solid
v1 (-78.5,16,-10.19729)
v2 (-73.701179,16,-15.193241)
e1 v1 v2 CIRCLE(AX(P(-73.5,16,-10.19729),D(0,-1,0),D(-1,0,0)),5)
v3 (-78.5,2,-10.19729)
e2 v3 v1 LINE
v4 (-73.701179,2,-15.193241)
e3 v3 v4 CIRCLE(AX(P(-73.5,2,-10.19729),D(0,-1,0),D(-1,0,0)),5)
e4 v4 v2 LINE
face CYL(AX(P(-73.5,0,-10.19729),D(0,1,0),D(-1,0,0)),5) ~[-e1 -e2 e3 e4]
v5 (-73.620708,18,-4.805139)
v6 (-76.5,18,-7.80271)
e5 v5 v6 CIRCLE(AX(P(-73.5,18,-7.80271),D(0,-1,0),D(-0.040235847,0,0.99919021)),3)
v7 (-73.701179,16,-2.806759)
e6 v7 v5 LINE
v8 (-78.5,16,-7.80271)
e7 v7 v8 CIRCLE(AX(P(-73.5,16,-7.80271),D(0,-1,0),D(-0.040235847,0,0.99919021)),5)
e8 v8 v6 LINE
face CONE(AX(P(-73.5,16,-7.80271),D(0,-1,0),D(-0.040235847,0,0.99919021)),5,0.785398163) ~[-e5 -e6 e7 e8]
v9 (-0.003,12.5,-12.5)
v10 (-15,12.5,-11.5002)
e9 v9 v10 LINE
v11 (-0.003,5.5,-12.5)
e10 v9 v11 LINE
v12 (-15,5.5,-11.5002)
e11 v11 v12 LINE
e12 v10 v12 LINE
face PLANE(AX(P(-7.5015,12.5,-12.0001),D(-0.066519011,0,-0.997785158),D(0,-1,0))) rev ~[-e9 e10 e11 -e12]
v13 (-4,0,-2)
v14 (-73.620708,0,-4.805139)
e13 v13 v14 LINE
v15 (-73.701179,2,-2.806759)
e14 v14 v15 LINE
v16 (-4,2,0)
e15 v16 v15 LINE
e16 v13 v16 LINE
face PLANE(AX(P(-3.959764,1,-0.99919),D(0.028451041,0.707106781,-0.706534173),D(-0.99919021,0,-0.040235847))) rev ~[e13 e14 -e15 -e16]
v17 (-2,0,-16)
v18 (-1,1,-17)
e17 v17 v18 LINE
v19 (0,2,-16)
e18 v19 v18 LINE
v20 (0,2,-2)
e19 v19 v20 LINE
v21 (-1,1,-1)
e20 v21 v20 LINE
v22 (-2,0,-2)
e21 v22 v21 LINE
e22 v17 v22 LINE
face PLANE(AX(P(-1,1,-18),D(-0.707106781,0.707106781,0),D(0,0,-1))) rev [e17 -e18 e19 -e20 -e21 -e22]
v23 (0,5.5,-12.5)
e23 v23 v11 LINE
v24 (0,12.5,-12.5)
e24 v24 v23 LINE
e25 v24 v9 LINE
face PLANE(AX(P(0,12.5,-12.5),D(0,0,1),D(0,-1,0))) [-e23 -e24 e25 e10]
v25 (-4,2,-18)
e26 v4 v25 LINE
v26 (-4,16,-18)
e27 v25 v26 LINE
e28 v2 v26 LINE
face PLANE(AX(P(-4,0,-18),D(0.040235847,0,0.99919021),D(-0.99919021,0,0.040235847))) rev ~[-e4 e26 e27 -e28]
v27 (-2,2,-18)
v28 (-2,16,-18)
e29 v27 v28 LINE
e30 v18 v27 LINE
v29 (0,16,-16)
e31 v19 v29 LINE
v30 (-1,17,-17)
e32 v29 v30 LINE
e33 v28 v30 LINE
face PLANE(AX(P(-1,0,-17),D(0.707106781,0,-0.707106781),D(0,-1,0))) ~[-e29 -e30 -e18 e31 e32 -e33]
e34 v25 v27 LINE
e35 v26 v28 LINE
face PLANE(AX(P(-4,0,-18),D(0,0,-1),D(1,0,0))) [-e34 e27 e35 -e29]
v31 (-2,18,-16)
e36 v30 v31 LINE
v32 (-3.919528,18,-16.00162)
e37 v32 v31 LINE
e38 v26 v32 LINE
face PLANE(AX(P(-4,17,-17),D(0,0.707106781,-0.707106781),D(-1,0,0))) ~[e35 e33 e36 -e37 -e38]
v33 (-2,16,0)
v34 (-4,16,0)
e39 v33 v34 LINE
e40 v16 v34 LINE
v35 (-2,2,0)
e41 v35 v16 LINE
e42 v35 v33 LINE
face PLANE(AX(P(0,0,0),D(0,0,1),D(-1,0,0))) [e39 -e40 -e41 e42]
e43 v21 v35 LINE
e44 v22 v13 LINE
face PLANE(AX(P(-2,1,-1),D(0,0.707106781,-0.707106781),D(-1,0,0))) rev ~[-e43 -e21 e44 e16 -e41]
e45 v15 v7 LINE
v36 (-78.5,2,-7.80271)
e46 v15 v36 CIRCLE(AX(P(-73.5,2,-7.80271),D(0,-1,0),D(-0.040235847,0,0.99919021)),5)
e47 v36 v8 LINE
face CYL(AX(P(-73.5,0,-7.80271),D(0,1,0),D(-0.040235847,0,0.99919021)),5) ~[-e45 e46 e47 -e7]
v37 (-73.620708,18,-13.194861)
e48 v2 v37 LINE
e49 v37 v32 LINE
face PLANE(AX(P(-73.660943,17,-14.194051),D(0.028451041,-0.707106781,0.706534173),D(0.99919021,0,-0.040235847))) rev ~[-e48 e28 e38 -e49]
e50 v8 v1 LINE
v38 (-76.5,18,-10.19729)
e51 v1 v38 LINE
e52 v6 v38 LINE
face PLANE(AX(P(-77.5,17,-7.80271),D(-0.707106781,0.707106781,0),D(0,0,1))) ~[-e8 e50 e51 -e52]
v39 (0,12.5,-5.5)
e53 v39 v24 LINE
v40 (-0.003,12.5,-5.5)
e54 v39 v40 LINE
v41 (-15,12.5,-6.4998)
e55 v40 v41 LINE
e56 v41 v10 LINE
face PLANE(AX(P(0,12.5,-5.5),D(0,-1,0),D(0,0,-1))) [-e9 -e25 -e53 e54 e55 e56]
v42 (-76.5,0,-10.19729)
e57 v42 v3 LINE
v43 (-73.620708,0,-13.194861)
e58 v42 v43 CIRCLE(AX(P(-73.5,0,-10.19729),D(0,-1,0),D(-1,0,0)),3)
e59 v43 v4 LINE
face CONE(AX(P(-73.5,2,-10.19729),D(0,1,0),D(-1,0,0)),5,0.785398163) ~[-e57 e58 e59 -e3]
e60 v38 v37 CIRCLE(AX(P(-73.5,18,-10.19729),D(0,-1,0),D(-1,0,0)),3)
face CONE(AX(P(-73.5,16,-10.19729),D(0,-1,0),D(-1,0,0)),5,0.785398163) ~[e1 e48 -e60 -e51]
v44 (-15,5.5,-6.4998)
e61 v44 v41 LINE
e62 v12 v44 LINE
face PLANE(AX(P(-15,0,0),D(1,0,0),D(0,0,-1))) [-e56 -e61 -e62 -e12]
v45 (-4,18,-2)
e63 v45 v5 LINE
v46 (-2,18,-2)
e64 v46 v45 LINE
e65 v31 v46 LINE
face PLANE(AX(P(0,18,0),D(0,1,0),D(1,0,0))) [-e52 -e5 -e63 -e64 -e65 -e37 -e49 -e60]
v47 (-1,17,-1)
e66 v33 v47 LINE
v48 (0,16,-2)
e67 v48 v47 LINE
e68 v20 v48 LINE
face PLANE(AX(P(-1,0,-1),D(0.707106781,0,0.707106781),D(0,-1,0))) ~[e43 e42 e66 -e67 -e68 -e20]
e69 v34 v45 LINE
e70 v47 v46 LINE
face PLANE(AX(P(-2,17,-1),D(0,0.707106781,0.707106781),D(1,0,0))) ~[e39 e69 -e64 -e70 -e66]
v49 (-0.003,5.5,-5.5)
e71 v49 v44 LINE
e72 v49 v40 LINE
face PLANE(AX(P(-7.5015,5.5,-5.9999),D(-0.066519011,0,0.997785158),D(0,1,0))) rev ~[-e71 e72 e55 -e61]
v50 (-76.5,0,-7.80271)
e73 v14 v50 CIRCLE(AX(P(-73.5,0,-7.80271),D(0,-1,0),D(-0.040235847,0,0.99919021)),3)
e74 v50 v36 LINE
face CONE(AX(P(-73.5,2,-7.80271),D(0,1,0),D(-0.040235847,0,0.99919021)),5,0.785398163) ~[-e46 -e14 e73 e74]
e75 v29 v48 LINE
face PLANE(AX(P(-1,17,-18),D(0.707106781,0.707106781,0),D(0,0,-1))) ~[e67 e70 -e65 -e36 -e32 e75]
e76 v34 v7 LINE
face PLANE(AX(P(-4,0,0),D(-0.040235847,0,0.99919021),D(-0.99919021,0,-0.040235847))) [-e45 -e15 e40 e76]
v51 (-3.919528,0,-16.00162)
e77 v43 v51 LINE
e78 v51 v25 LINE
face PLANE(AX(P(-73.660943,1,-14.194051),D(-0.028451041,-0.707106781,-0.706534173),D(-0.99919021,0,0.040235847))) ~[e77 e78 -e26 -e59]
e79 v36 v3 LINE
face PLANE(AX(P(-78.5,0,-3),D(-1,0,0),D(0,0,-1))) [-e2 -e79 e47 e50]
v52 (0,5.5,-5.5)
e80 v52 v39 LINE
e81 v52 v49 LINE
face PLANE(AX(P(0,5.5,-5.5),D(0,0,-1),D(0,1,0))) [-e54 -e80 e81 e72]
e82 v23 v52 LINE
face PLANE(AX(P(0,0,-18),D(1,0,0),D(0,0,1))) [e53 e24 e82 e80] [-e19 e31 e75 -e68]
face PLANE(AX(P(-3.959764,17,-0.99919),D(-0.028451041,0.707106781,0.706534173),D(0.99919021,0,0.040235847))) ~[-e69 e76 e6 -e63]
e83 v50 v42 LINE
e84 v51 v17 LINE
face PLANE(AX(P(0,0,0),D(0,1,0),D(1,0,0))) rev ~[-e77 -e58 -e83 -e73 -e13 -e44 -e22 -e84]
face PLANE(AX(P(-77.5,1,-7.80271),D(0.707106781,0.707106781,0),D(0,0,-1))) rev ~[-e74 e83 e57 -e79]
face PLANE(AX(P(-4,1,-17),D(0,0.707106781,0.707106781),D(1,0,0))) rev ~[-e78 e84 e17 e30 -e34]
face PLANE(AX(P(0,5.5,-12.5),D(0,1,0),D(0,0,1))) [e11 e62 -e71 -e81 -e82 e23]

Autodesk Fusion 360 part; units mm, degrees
sketch "Sketch1" plane through (0, 0, 0) normal (0, 1, 0) x (1, 0, 0)
  line L0 (0, 0) -> (-78.5, 0)
  line L1 (-78.5, 0) -> (-78.5, 18)
  line L2 (-78.5, 18) -> (0, 18)
  line L3 (0, 18) -> (0, 0)
  line L4 (-4, 18) -> (-78.5, 15)
  line L5 (-4, 0) -> (-78.5, 3)
  dimension "d1" = 78.5
  dimension "d2" = 18
  dimension "d3" = 4
  dimension "d4" = 3
  dimension "d5" = 3
extrude "Extrude1" add sketch "Sketch1" along normal blind 18 contours L0 L1 L2 L3 L4 L5
sketch "Sketch2" plane through (0, 0, 0) normal (1, 0, 0) x (0, 0, -1)
  line L0 (0, 0) -> (18, 0)
  line L1 (18, 0) -> (18, 18)
  line L2 (18, 18) -> (0, 18)
  line L3 (0, 18) -> (0, 0)
  line L4 (18, 18) -> (0, 0) construction
  line L5 (12.5, 5.5) -> (5.5, 5.5)
  line L6 (5.5, 5.5) -> (5.5, 12.5)
  line L7 (5.5, 12.5) -> (12.5, 12.5)
  line L8 (12.5, 12.5) -> (12.5, 5.5)
  line L9 (12.5, 5.5) -> (5.5, 12.5) construction
  line L10 (5.5, 5.5) -> (12.5, 12.5) construction
  point P0 (9, 9)
  dimension "d8" = 7
  dimension "d9" = 7
extrude "Extrude2" cut sketch "Sketch2" against normal blind 15 contours L5 L6 L7 L8
chamfer "Chamfer1" distance 2 angle 45 4 edges at (0, 18, -9) (0, 9, -18) (0, 9, 0) (0, 0, -9)
fillet "Fillet1" radius 5 2 edges at (-78.5, 9, -3) (-78.5, 9, -15)
chamfer "Chamfer3" distance 2 angle 45 14 edges at (-38.8506, 18, -1.4034) (-38.8506, 18, -16.5966) (-77.106, 18, -13.661) (-78.5, 18, -9) (-77.106, 18, -4.339) (-3, 18, -18) (-3, 18, 0) (-38.8506, 0, -1.4034) (-77.106, 0, -4.339) (-78.5, 0, -9) (-77.106, 0, -13.661) (-38.8506, 0, -16.5966) (-3, 0, -18) (-3, 0, 0)
chamfer "Chamfer4" distance 15 distance2 1 2 edges at (-15, 9, -12.5) (-15, 9, -5.5) measured on face at (-5, 10.1667, -12.5) measured on face at (-5, 7.8333, -5.5)
equation "d8 = Switch_Thickness"
equation "d9 = Switch_Thickness"
equation "Switch_Thickness = 7 mm" comment "Thickness of Light Switch Lever"
